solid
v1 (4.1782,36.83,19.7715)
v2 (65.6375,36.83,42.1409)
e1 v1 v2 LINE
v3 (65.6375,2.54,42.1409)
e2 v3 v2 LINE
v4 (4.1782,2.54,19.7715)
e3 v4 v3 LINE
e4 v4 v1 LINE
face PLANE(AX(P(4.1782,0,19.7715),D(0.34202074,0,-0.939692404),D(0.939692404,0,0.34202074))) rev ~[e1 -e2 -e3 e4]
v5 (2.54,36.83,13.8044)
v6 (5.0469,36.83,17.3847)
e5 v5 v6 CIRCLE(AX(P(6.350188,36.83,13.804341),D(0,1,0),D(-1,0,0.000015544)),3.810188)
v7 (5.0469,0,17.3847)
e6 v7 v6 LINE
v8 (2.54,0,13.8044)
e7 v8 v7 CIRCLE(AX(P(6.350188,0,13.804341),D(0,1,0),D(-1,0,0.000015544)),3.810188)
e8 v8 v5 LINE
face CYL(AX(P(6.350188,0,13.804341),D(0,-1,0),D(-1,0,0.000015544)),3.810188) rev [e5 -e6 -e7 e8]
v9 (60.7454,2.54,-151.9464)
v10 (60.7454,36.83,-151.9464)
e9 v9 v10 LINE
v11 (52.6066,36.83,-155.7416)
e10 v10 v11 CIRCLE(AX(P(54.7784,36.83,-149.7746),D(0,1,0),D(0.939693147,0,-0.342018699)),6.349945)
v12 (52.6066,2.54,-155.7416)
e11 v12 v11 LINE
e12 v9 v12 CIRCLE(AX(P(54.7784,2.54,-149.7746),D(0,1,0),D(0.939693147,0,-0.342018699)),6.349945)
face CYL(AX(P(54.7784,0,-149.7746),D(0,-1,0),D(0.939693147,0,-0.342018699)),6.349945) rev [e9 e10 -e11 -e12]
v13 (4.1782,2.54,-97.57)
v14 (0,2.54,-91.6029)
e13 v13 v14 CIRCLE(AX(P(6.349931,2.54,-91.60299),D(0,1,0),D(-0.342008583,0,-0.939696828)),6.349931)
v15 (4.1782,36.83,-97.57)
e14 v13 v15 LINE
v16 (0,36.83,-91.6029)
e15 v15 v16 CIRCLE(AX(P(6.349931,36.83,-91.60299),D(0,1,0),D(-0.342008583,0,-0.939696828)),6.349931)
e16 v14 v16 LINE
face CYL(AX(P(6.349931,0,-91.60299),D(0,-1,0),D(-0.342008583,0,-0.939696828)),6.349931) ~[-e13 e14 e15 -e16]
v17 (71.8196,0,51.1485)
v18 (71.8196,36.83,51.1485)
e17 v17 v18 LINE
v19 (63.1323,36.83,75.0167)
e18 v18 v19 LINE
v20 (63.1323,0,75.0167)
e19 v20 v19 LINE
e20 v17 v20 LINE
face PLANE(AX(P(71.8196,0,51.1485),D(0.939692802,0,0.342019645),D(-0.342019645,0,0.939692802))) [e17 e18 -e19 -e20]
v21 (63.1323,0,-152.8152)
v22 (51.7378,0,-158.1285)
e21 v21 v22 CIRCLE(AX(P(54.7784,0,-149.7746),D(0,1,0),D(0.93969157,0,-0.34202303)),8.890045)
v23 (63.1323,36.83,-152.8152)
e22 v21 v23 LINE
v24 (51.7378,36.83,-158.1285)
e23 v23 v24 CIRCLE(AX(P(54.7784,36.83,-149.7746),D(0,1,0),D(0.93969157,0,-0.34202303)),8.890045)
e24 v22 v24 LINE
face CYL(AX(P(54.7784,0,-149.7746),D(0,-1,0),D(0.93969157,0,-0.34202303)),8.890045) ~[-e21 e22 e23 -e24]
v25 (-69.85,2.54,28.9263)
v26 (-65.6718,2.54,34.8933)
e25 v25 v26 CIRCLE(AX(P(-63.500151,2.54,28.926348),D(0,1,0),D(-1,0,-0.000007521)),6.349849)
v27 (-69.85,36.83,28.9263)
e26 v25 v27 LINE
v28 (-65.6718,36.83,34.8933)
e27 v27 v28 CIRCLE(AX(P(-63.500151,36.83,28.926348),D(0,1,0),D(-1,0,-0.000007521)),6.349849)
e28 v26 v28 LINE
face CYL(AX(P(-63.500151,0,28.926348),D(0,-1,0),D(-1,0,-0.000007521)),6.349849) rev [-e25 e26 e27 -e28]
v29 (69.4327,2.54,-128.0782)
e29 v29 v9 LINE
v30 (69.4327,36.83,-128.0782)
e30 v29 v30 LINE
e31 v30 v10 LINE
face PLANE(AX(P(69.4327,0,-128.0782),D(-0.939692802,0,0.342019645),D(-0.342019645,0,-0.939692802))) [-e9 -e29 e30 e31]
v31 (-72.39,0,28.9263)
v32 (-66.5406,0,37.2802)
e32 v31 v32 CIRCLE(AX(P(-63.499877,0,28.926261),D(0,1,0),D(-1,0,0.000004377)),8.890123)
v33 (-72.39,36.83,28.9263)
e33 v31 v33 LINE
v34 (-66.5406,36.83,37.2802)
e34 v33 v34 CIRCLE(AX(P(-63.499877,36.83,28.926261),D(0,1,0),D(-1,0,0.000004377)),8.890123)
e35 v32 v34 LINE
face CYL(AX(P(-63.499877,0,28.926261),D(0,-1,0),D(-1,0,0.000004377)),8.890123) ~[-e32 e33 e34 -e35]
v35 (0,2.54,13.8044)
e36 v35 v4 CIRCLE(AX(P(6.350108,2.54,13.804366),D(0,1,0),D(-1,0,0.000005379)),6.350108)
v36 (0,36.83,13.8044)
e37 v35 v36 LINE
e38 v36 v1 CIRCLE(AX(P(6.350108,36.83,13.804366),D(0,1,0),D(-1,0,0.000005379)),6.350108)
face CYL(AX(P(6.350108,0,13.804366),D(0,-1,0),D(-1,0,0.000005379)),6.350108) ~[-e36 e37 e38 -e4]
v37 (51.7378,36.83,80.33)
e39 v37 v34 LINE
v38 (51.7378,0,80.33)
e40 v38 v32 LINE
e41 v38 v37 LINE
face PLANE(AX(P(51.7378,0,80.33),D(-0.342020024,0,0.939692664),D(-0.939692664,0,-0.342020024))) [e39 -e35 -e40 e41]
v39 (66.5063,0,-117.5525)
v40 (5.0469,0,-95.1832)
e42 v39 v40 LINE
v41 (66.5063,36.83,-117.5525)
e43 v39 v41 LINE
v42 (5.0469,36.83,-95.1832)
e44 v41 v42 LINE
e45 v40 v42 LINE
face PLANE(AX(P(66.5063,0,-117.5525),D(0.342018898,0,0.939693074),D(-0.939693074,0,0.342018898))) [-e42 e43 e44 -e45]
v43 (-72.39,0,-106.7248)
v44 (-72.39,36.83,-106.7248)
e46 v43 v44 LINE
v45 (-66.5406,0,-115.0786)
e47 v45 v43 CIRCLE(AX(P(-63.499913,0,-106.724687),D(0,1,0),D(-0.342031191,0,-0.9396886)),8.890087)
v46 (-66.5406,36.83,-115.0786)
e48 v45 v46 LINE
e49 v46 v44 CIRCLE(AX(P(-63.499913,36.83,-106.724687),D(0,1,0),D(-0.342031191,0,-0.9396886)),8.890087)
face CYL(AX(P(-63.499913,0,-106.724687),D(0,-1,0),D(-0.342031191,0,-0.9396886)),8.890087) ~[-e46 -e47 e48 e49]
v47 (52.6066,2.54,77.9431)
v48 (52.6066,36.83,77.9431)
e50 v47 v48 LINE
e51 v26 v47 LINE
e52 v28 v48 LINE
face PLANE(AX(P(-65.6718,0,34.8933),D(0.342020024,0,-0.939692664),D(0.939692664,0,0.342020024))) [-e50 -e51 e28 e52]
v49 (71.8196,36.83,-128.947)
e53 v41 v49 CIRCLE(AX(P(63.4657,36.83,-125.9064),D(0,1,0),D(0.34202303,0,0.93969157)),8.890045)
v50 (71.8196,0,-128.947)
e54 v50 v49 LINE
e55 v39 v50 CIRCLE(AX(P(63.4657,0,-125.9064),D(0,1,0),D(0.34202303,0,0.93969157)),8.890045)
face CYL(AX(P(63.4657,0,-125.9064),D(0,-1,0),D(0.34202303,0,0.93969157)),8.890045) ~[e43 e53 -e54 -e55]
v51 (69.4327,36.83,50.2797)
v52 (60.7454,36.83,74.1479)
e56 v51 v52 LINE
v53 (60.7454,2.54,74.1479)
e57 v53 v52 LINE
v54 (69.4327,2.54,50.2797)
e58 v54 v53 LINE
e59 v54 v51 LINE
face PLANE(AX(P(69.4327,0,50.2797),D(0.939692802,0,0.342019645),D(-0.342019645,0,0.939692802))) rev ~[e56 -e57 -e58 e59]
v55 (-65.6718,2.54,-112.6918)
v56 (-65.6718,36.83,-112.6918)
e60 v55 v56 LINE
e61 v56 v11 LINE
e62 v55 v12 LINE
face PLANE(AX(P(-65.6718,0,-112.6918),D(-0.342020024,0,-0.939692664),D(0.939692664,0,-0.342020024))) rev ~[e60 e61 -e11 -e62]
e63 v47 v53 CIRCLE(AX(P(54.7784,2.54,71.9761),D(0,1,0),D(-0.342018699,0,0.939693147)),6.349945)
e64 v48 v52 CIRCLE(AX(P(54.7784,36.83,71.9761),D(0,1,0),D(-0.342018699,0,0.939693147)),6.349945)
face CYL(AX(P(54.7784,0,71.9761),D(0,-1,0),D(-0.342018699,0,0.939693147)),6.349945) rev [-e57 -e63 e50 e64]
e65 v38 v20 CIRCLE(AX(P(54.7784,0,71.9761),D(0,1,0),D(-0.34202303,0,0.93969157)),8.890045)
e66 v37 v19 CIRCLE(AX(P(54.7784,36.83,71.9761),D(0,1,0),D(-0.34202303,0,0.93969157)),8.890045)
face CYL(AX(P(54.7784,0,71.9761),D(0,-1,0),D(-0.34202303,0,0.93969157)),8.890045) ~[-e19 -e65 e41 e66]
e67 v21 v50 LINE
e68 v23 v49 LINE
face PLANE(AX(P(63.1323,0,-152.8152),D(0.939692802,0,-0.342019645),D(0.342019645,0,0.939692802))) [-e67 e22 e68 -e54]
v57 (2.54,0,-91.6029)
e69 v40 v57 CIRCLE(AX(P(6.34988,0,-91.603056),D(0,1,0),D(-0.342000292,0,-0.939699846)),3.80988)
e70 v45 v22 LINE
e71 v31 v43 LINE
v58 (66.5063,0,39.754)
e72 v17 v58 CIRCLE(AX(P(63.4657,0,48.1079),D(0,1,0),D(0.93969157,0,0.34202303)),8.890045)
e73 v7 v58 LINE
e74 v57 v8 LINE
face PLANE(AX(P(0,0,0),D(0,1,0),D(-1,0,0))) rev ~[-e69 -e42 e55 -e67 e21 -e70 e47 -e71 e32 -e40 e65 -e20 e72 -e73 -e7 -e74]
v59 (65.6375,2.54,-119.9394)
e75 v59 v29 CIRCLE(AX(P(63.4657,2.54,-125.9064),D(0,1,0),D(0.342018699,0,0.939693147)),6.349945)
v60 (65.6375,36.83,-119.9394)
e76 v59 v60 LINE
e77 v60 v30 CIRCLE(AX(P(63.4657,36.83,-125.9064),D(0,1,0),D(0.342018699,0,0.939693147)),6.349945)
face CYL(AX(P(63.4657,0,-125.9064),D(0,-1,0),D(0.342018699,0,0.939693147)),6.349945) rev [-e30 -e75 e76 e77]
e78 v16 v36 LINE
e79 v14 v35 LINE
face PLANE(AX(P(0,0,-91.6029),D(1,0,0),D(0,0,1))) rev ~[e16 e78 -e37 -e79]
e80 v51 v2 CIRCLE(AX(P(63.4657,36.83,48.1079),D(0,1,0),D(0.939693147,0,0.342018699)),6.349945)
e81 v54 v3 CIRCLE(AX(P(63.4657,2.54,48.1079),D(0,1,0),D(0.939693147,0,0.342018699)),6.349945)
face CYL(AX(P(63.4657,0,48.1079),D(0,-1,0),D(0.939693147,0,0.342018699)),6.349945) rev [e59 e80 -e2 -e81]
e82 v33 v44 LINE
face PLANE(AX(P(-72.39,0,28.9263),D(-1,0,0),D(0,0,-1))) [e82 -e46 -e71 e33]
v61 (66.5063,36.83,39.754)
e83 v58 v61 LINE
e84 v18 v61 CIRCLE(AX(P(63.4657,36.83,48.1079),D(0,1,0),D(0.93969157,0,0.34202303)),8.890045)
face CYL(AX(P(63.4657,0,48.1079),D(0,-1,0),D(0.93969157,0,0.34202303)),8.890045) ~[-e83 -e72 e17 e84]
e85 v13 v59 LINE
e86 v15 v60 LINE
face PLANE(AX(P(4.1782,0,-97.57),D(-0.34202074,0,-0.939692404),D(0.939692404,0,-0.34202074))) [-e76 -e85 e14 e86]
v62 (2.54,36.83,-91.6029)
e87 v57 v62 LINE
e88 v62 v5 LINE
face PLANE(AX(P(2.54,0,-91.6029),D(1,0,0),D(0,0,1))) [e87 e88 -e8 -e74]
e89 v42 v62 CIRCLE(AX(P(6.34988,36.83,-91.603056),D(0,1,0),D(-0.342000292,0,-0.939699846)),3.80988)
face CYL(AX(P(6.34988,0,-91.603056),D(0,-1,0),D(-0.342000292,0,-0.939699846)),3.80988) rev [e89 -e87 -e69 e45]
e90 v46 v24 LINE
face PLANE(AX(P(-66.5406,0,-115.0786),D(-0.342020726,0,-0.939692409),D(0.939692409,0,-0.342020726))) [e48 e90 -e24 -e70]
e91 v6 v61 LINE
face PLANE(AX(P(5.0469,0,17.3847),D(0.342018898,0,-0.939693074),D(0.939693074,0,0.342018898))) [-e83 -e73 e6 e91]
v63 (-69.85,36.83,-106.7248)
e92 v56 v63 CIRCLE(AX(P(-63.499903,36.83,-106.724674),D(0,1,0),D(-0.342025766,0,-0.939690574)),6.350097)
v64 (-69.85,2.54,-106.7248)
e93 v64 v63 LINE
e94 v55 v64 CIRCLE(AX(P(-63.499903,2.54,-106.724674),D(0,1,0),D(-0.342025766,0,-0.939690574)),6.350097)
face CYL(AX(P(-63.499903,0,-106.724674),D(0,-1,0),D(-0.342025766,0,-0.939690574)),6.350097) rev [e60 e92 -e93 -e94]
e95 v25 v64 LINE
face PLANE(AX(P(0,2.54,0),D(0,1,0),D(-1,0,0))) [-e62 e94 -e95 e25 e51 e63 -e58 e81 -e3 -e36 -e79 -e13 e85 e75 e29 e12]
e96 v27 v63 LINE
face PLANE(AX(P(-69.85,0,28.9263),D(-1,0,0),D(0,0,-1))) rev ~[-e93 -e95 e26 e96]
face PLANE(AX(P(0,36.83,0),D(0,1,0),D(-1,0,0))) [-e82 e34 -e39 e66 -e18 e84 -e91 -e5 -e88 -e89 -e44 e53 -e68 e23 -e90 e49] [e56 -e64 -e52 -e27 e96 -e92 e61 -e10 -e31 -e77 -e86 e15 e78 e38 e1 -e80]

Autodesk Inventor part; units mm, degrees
ref_plane "YZ Plane" through (0, 0, 0) normal (1, 0, 0) x (0, 1, 0)
ref_plane "XZ Plane" through (0, 0, 0) normal (0, 1, 0) x (-1, 0, 0)
ref_plane "XY Plane" through (0, 0, 0) normal (0, 0, 1) x (1, 0, 0)
sketch "Sketch1" plane through (0, 0, 0) normal (0, 1, 0) x (-1, 0, 0)
  circle A0 centre (34.925, 5.5508) radius 13.97
  line L0 (69.85, 28.9263) -> (69.85, -106.7248)
  line L1 (0, -91.6029) -> (0, 13.8044)
  line L2 (-4.1782, 19.7715) -> (-65.6375, 42.1409)
  line L3 (-4.1782, -97.57) -> (-65.6375, -119.9394)
  line L4 (65.6718, 34.8933) -> (-52.6066, 77.9431)
  line L5 (65.6718, -112.6918) -> (-52.6066, -155.7416)
  line L6 (-69.4327, 50.2797) -> (-60.7454, 74.1479)
  line L7 (-69.4327, -128.0782) -> (-60.7454, -151.9464)
  arc A1 (-69.4327, 50.2797) -> (-65.6375, 42.1409) centre (-63.4657, 48.1079) ccw
  arc A2 (-52.6066, 77.9431) -> (-60.7454, 74.1479) centre (-54.7784, 71.9761) ccw
  arc A3 (-65.6375, -119.9394) -> (-69.4327, -128.0782) centre (-63.4657, -125.9064) ccw
  arc A4 (-60.7454, -151.9464) -> (-52.6066, -155.7416) centre (-54.7784, -149.7746) ccw
  arc A5 (69.85, 28.9263) -> (65.6718, 34.8933) centre (63.5, 28.9263) ccw
  arc A6 (65.6718, -112.6918) -> (69.85, -106.7248) centre (63.5, -106.7248) ccw
  arc A7 (-4.1782, -97.57) -> (0, -91.6029) centre (-6.35, -91.6029) ccw
  arc A8 (0, 13.8044) -> (-4.1782, 19.7715) centre (-6.35, 13.8044) ccw
  line L8 (-51.7378, 80.33) -> (66.5406, 37.2802)
  arc A9 (72.39, 28.9263) -> (66.5406, 37.2802) centre (63.5, 28.9263) ccw
  line L9 (72.39, 28.9263) -> (72.39, -106.7248)
  arc A10 (66.5406, -115.0786) -> (72.39, -106.7248) centre (63.5, -106.7248) ccw
  line L10 (66.5406, -115.0786) -> (-51.7378, -158.1285)
  arc A11 (-63.1323, -152.8152) -> (-51.7378, -158.1285) centre (-54.7784, -149.7746) ccw
  line L11 (-63.1323, -152.8152) -> (-71.8196, -128.947)
  arc A12 (-66.5063, -117.5525) -> (-71.8196, -128.947) centre (-63.4657, -125.9064) ccw
  line L12 (-66.5063, -117.5525) -> (-5.0469, -95.1832)
  arc A13 (-5.0469, -95.1832) -> (-2.54, -91.6029) centre (-6.35, -91.6029) ccw
  line L13 (-2.54, -91.6029) -> (-2.54, 13.8044)
  arc A14 (-2.54, 13.8044) -> (-5.0469, 17.3847) centre (-6.35, 13.8044) ccw
  line L14 (-5.0469, 17.3847) -> (-66.5063, 39.754)
  arc A15 (-71.8196, 51.1485) -> (-66.5063, 39.754) centre (-63.4657, 48.1079) ccw
  line L15 (-71.8196, 51.1485) -> (-63.1323, 75.0167)
  arc A16 (-51.7378, 80.33) -> (-63.1323, 75.0167) centre (-54.7784, 71.9761) ccw
  point P0 (0, 0)
  point P1 (0, 0)
  point P2 (0, 18.2508)
  point P3 (0, -96.0492)
  point P4 (-71.6046, 44.3127)
  point P5 (-71.6046, -122.1112)
  point P6 (69.85, 33.3726)
  point P7 (-58.5736, 80.115)
  point P8 (69.85, -111.1711)
  point P9 (-58.5736, -157.9135)
  dimension "d0" = 27.94
  dimension "d1" = 114.3
  dimension "d2" = 76.2
  dimension "d3" = 110
  dimension "d4" = 76.2
  dimension "d5" = 110
  dimension "d6" = 38.1
  dimension "d7" = 38.1
  dimension "d8" = 34.925
  dimension "d9" = 12.7
  dimension "d10" = 6.35
  dimension "d11" = 6.35
  dimension "d12" = 69.85
  dimension "d13" = 2.54
extrude "Extrusion1" add sketch "Sketch1" along normal blind 36.83 contours L8 A9 L9 A10 L10 A11 L11 A12 L12 A13 L13 A14 L14 A15 L15 A16
sketch "Sketch4" plane through (0, 0, 0) normal (0, 1, 0) x (-1, 0, 0)
  arc A0 (65.6718, -112.6918) -> (69.85, -106.7248) centre (63.5, -106.7248) ccw
  line L0 (-4.1782, -97.57) -> (-65.6375, -119.9394)
  line L1 (65.6718, -112.6918) -> (-52.6066, -155.7416)
  arc A1 (-4.1782, -97.57) -> (0, -91.6029) centre (-6.35, -91.6029) ccw
  line L2 (-4.1782, 19.7715) -> (-65.6375, 42.1409)
  arc A2 (-65.6375, -119.9394) -> (-69.4327, -128.0782) centre (-63.4657, -125.9064) ccw
  line L3 (-69.4327, -128.0782) -> (-60.7454, -151.9464)
  arc A3 (-60.7454, -151.9464) -> (-52.6066, -155.7416) centre (-54.7784, -149.7746) ccw
  line L4 (0, -91.6029) -> (0, 13.8044)
  line L5 (69.85, 28.9263) -> (69.85, -106.7248)
  arc A4 (0, 13.8044) -> (-4.1782, 19.7715) centre (-6.35, 13.8044) ccw
  arc A5 (69.85, 28.9263) -> (65.6718, 34.8933) centre (63.5, 28.9263) ccw
  line L6 (65.6718, 34.8933) -> (-52.6066, 77.9431)
  line L7 (-69.4327, 50.2797) -> (-60.7454, 74.1479)
  arc A6 (-52.6066, 77.9431) -> (-60.7454, 74.1479) centre (-54.7784, 71.9761) ccw
  arc A7 (-69.4327, 50.2797) -> (-65.6375, 42.1409) centre (-63.4657, 48.1079) ccw
  line L8 (-51.7378, 80.33) -> (66.5406, 37.2802)
  arc A8 (72.39, 28.9263) -> (66.5406, 37.2802) centre (63.5, 28.9263) ccw
  line L9 (72.39, 28.9263) -> (72.39, -106.7248)
  arc A9 (66.5406, -115.0786) -> (72.39, -106.7248) centre (63.5, -106.7248) ccw
  line L10 (66.5406, -115.0786) -> (-51.7378, -158.1285)
  arc A10 (-63.1323, -152.8152) -> (-51.7378, -158.1285) centre (-54.7784, -149.7746) ccw
  line L11 (-63.1323, -152.8152) -> (-71.8196, -128.947)
  arc A11 (-66.5063, -117.5525) -> (-71.8196, -128.947) centre (-63.4657, -125.9064) ccw
  line L12 (-66.5063, -117.5525) -> (-5.0469, -95.1832)
  arc A12 (-5.0469, -95.1832) -> (-2.54, -91.6029) centre (-6.35, -91.6029) ccw
  line L13 (-2.54, -91.6029) -> (-2.54, 13.8044)
  arc A13 (-2.54, 13.8044) -> (-5.0469, 17.3847) centre (-6.35, 13.8044) ccw
  line L14 (-5.0469, 17.3847) -> (-66.5063, 39.754)
  arc A14 (-71.8196, 51.1485) -> (-66.5063, 39.754) centre (-63.4657, 48.1079) ccw
  line L15 (-71.8196, 51.1485) -> (-63.1323, 75.0167)
  arc A15 (-51.7378, 80.33) -> (-63.1323, 75.0167) centre (-54.7784, 71.9761) ccw
  point P0 (0, 0)
  point P1 (0, 0)
  point P2 (0, -96.0492)
  point P3 (69.85, -111.1711)
  point P4 (-71.6046, -122.1112)
  point P5 (-58.5736, -157.9135)
  point P6 (0, 18.2508)
  point P7 (-71.6046, 44.3127)
  point P8 (69.85, 33.3726)
  point P9 (-58.5736, 80.115)
  point P10 (0, 0)
  dimension "d17" = 114.3
  dimension "d18" = 76.2
  dimension "d19" = 110
  dimension "d20" = 76.2
  dimension "d21" = 110
  dimension "d22" = 38.1
  dimension "d23" = 38.1
  dimension "d26" = 6.35
  dimension "d27" = 6.35
  dimension "d28" = 69.85
  dimension "d29" = 2.54
extrude "Extrusion2" add sketch "Sketch4" along normal blind 2.54 contours L1 A3 L3 A2 L0 A1 L4 A4 L2 A7 L7 A6 L6 A5 L5 A0
properties part number "CONTROLLER CASE"
